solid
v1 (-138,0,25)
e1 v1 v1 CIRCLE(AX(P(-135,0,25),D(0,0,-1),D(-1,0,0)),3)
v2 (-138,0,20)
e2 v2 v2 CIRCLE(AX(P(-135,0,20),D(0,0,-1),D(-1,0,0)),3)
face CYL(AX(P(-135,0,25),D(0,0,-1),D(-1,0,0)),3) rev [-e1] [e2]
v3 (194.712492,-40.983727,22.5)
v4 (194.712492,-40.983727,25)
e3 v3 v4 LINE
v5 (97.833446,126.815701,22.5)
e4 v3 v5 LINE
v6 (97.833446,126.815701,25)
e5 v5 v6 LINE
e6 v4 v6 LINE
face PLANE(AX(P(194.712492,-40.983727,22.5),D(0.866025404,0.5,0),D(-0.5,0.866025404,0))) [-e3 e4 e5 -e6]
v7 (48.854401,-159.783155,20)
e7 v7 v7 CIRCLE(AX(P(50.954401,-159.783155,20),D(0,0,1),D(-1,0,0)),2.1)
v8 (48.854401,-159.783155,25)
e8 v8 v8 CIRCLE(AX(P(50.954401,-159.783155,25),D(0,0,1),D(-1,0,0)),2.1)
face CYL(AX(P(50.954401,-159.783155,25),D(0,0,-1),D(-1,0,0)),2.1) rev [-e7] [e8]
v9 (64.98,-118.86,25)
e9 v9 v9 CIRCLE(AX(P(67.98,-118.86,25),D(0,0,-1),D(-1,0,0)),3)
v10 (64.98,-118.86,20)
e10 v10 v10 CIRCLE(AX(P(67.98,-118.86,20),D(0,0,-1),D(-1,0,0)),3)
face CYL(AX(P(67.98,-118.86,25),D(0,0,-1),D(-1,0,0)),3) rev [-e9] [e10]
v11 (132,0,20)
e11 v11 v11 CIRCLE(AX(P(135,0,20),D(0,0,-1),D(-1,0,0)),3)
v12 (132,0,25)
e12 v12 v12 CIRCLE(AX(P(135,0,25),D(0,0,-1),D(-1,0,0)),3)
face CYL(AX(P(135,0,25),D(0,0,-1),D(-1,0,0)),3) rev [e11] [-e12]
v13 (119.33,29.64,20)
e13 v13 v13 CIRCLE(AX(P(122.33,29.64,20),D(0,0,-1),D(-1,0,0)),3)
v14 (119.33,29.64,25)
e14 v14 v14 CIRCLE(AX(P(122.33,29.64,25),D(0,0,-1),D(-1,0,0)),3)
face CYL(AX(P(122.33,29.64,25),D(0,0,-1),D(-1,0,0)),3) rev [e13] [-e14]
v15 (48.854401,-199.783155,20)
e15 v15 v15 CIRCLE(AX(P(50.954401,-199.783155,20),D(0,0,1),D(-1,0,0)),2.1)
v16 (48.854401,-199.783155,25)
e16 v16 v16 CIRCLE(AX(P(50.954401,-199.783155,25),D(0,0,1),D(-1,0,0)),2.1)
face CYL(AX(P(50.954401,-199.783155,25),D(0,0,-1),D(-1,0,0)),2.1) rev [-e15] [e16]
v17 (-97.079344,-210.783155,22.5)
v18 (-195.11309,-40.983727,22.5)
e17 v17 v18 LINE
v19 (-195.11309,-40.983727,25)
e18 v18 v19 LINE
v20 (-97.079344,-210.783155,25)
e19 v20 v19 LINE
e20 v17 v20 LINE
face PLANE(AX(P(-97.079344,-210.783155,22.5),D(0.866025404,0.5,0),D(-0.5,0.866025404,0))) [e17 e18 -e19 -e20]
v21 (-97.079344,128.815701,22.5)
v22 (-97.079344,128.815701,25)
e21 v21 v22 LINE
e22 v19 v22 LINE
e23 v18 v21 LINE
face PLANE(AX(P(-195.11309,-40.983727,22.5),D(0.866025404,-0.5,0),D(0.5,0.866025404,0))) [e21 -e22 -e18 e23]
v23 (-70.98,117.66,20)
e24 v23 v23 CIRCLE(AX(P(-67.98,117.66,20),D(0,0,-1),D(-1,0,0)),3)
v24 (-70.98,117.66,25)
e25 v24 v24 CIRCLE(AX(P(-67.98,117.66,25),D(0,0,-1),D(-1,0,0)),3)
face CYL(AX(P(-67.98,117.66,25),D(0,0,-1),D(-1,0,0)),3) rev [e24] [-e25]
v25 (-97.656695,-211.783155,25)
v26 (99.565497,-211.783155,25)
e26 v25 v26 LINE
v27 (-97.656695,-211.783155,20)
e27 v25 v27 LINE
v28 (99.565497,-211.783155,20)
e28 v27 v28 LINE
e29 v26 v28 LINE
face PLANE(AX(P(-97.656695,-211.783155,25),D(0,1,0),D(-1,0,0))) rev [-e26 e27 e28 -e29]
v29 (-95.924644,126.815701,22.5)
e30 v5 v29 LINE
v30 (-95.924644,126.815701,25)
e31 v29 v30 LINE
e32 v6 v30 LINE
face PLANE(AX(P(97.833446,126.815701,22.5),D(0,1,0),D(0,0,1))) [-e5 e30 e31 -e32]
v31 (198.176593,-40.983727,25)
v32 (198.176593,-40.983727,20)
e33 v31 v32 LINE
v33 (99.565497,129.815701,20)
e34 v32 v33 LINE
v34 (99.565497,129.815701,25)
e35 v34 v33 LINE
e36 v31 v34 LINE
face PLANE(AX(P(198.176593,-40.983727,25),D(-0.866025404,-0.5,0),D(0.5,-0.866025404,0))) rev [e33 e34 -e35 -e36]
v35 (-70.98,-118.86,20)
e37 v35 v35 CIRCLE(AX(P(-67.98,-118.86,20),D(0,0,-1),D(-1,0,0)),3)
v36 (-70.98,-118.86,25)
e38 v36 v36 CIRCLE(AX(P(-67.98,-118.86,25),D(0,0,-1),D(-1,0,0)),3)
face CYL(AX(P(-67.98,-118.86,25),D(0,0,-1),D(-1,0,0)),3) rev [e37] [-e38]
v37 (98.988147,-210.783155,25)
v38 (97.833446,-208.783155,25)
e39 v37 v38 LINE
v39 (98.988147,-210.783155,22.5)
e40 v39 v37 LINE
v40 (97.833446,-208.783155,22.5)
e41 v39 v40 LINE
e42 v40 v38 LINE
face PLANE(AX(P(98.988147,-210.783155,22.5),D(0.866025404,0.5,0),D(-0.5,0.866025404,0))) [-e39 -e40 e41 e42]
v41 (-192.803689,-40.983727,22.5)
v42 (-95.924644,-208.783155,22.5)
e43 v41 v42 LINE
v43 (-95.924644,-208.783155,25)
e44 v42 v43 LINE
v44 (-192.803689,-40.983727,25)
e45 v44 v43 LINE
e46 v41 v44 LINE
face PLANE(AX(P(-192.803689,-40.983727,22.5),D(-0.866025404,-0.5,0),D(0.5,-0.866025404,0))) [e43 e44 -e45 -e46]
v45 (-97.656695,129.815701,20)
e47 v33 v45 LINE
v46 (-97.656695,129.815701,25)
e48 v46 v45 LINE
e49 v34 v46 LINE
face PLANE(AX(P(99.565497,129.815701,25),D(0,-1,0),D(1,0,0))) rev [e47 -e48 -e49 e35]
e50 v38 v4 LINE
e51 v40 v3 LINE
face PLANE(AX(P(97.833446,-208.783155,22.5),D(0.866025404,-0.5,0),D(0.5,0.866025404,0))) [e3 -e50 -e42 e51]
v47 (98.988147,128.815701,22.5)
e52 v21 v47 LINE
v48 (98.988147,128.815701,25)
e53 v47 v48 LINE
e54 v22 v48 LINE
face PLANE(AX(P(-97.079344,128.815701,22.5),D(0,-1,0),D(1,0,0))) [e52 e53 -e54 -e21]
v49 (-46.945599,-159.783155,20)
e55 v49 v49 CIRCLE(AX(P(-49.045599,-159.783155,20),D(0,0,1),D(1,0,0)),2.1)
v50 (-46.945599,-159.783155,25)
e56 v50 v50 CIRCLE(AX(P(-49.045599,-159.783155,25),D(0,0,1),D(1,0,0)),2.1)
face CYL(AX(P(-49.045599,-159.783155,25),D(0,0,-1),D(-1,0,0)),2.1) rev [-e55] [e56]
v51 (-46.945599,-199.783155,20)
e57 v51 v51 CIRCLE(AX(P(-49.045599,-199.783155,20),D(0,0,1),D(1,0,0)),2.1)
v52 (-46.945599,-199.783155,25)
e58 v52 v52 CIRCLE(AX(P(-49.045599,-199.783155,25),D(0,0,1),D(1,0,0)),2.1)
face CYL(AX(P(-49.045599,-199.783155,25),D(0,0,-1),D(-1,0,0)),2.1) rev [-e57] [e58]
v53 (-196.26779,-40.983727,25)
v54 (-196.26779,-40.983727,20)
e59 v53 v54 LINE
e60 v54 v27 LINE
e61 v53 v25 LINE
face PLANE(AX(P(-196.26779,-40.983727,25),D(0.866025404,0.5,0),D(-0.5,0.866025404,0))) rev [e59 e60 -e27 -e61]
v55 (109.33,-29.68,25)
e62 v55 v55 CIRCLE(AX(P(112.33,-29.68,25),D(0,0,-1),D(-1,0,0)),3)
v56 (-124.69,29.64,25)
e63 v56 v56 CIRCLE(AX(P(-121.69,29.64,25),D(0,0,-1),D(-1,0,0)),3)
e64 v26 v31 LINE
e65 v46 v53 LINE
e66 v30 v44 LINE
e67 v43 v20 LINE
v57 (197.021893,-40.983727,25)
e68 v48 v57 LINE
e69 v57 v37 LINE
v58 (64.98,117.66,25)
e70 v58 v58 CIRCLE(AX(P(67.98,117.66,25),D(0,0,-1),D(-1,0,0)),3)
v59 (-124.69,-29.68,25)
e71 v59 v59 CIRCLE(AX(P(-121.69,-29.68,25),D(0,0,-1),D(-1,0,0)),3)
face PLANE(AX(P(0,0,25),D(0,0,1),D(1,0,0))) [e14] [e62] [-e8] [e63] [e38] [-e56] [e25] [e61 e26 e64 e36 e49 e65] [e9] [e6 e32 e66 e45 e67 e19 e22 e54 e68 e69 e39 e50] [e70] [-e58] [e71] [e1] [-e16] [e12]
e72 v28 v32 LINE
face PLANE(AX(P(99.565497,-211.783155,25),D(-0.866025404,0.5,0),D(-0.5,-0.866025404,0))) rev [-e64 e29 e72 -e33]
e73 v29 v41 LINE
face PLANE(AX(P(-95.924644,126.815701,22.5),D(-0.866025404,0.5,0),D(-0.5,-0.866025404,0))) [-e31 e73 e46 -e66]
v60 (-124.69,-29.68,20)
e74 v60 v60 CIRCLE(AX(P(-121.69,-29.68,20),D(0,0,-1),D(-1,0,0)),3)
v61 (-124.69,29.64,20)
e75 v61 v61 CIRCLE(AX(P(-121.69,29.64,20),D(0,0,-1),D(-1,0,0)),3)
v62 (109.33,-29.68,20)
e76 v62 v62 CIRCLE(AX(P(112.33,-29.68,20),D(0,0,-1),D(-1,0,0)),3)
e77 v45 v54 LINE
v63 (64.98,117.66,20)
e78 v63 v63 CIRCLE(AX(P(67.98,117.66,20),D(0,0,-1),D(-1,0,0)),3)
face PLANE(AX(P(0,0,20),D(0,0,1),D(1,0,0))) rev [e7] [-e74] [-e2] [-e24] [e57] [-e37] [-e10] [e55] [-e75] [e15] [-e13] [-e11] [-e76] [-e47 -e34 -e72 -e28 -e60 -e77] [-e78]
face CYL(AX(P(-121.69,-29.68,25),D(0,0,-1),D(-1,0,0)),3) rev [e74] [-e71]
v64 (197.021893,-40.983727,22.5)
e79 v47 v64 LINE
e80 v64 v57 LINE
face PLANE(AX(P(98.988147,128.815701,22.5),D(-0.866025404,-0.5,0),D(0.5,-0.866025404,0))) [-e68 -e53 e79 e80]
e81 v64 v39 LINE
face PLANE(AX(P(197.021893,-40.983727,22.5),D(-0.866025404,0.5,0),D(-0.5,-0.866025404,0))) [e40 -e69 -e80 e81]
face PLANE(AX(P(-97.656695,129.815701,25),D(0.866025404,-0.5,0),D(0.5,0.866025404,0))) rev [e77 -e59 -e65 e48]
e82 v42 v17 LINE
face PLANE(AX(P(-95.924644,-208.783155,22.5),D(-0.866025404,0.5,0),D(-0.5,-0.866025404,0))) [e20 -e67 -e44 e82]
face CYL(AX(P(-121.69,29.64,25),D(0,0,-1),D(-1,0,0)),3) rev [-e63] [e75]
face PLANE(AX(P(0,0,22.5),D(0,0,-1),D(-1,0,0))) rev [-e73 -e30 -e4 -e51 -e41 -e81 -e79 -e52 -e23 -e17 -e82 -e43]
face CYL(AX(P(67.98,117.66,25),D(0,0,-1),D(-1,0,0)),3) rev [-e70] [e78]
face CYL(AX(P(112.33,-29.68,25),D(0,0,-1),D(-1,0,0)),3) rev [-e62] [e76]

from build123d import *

# Parameters (mm, degrees)
EXTRUDE_9_DEPTH      = 5
CUT_EXTRUDE_7_DEPTH  = 2.5
SKETCH_53_R          = 3
CUT_EXTRUDE_12_DEPTH = 5
SKETCH_54_R          = 2.1
CUT_EXTRUDE_14_DEPTH = 291.088033153


with BuildPart() as part:
    # 草图51 → 凸台-拉伸9 (new body)
    with BuildSketch(Plane.XY.offset(20)):
        Polygon((198.176593222, -40.983726982), (99.565497293, 129.815701356), (-97.656694564, 129.815701356), (-196.267790492, -40.983726982), (-97.656694564, -211.78315532), (99.565497293, -211.78315532), align=None)
    extrude(amount=EXTRUDE_9_DEPTH)

    # 草图52 → 切除-拉伸7 (cut)
    with BuildSketch(Plane.XY.offset(25)):
        Polygon((-195.113089954, -40.983726982), (-97.079344294, 128.815701356), (98.988147024, 128.815701356), (197.021892683, -40.983726982), (98.988147024, -210.78315532), (97.833446486, -208.78315532), (194.712491607, -40.983726982), (97.833446486, 126.815701356), (-95.924643756, 126.815701356), (-192.803688877, -40.983726982), (-95.924643756, -208.78315532), (-97.079344294, -210.78315532), align=None)
    extrude(amount=-CUT_EXTRUDE_7_DEPTH, mode=Mode.SUBTRACT)

    # 草图53 → 切除-拉伸12 (cut)
    with BuildSketch(Plane(origin=(0, 0, 20), x_dir=(-1, 0, 0), z_dir=(0, 0, -1))):
        with Locations((-67.98, -118.86)):
            Circle(SKETCH_53_R)
        with Locations((-67.98, 117.66)):
            Circle(SKETCH_53_R)
        with Locations((67.98, 117.66)):
            Circle(SKETCH_53_R)
        with Locations((-112.33, -29.68)):
            Circle(SKETCH_53_R)
        with Locations((121.69, -29.68)):
            Circle(SKETCH_53_R)
        with Locations((-135, 0)):
            Circle(SKETCH_53_R)
        with Locations((135, 0)):
            Circle(SKETCH_53_R)
        with Locations((-122.33, 29.64)):
            Circle(SKETCH_53_R)
        with Locations((121.69, 29.64)):
            Circle(SKETCH_53_R)
        with Locations((67.98, -118.86)):
            Circle(SKETCH_53_R)
    extrude(amount=-CUT_EXTRUDE_12_DEPTH, mode=Mode.SUBTRACT)

    # 草图54 → 切除-拉伸14 (cut, through all)
    with BuildSketch(Plane.XY.offset(20)):
        with Locations((-49.045598635, -199.78315532)):
            Circle(SKETCH_54_R)
        with Locations(Location((50.954401365, -199.78315532, 0), (0, 0, 180))):
            Circle(SKETCH_54_R)
        with Locations((-49.045598635, -159.78315532)):
            Circle(SKETCH_54_R)
        with Locations(Location((50.954401365, -159.78315532, 0), (0, 0, 180))):
            Circle(SKETCH_54_R)
    extrude(amount=CUT_EXTRUDE_14_DEPTH, mode=Mode.SUBTRACT)


solid = part.part
